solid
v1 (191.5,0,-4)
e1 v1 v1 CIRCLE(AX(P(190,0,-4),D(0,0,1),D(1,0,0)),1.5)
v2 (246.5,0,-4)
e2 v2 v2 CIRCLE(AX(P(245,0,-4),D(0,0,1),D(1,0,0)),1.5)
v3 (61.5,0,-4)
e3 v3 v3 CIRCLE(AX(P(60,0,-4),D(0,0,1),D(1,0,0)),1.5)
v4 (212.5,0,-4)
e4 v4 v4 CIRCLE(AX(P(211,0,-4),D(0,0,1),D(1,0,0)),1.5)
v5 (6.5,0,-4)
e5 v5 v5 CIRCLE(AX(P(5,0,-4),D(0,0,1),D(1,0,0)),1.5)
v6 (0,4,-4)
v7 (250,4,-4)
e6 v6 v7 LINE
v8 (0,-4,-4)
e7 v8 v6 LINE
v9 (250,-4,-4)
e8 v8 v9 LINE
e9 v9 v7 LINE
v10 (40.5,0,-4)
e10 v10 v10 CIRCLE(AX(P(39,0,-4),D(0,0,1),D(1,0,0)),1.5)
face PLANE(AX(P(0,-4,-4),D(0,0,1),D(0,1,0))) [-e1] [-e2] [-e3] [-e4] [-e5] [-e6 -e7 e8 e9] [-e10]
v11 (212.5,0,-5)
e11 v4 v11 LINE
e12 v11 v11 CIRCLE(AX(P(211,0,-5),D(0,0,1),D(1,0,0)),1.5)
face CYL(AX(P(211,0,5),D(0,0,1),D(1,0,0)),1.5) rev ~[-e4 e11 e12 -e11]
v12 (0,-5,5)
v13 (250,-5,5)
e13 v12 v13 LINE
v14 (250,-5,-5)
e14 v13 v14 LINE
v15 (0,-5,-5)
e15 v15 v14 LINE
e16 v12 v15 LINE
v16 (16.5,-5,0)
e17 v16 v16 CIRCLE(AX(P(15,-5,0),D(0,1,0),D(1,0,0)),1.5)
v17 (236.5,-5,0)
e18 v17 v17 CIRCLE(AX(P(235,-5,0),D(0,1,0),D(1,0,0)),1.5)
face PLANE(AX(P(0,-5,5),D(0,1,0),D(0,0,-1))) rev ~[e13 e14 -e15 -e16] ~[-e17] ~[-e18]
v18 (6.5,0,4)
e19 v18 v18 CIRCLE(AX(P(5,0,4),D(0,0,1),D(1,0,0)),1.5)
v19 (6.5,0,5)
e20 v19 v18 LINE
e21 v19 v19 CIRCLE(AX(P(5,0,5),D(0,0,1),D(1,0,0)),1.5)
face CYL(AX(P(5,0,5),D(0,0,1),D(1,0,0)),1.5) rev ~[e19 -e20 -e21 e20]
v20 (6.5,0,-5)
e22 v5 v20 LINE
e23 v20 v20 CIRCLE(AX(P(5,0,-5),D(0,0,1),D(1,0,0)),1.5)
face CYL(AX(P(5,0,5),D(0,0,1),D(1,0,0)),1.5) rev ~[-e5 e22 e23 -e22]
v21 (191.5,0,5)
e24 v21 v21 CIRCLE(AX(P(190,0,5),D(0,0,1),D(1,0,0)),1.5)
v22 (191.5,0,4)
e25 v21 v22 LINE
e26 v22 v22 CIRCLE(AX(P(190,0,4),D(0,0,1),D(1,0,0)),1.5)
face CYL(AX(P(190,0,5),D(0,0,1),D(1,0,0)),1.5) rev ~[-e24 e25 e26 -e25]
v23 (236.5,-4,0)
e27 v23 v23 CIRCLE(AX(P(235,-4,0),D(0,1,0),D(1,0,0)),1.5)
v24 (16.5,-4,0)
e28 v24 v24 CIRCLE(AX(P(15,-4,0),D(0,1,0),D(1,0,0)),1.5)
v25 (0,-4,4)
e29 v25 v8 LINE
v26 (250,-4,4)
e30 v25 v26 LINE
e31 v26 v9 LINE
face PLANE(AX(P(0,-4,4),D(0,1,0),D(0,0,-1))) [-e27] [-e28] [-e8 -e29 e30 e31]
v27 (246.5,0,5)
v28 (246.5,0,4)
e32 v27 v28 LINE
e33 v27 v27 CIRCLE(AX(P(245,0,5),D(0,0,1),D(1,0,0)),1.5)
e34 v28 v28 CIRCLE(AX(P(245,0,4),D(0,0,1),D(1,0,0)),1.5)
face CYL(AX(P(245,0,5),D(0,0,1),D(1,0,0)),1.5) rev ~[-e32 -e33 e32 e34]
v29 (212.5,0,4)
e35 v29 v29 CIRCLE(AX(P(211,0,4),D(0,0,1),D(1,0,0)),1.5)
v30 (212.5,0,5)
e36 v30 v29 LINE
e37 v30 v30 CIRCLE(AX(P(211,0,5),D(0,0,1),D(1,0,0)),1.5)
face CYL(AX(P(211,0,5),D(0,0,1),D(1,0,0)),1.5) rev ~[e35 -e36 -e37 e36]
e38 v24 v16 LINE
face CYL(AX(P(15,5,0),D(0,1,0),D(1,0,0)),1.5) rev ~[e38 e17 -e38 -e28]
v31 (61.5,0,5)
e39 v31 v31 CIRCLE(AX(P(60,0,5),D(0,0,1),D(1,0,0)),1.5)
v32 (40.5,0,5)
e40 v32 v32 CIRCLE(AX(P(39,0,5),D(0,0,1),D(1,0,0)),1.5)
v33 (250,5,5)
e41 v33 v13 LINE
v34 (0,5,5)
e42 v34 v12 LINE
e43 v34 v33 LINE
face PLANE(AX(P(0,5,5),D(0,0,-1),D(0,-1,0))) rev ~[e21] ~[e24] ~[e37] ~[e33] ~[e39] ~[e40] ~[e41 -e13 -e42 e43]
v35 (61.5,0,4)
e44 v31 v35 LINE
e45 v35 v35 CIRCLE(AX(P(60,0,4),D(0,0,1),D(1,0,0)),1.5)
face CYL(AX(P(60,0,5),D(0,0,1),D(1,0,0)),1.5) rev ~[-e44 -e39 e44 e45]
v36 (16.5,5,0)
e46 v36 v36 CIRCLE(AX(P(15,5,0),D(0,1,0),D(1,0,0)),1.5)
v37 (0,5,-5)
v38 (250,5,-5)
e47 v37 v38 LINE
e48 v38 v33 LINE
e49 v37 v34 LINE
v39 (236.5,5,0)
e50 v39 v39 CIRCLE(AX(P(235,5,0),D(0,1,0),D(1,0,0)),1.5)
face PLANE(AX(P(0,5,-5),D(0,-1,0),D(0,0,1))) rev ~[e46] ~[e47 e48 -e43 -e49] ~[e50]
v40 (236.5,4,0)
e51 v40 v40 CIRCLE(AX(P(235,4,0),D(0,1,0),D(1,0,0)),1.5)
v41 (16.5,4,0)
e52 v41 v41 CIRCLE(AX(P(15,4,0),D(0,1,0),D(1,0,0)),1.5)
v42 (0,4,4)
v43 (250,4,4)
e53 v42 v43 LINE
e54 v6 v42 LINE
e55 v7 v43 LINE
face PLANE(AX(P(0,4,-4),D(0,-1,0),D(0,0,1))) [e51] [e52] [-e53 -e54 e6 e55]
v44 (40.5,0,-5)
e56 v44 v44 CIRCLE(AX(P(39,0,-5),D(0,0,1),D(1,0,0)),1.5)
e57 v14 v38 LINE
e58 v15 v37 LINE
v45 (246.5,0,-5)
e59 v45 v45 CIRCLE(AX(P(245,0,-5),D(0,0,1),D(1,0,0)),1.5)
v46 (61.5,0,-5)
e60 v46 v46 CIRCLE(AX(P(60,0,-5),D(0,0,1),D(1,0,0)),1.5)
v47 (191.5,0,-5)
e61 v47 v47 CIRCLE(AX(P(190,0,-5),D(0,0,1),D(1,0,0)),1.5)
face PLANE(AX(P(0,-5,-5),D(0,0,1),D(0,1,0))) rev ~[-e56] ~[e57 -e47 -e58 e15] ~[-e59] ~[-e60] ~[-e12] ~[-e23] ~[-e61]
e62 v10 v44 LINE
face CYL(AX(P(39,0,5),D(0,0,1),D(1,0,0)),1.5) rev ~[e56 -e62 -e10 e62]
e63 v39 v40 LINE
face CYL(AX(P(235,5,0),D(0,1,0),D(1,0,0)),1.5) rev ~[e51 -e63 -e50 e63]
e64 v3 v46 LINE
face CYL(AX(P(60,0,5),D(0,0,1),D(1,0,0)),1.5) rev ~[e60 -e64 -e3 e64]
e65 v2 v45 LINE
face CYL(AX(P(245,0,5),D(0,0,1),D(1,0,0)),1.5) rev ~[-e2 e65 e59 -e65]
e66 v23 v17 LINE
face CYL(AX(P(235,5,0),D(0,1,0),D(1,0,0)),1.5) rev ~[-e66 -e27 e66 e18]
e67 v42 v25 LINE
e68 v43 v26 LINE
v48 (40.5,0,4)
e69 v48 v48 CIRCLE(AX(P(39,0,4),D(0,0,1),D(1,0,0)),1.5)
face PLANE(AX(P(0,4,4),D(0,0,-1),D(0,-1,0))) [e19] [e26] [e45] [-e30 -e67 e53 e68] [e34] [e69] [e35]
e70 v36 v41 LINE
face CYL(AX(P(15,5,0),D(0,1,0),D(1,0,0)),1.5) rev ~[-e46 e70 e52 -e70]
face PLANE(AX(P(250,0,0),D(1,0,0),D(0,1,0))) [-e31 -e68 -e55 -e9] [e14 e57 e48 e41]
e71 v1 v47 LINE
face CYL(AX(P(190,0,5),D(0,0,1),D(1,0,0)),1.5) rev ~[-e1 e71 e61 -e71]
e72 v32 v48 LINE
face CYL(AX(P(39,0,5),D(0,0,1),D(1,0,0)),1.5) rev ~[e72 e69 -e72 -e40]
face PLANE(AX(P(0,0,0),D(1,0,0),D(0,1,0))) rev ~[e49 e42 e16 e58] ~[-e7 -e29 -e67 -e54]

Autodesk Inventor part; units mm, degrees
ref_plane "YZ Plane" through (0, 0, 0) normal (1, 0, 0) x (0, 1, 0)
ref_plane "XZ Plane" through (0, 0, 0) normal (0, 1, 0) x (-1, 0, 0)
ref_plane "XY Plane" through (0, 0, 0) normal (0, 0, 1) x (1, 0, 0)
sketch "スケッチ1" plane through (0, 0, 0) normal (1, 0, 0) x (0, 1, 0)
  line L0 (5, 5) -> (-5, 5)
  line L1 (-5, 5) -> (-5, -5)
  line L2 (-5, -5) -> (5, -5)
  line L3 (5, -5) -> (5, 5)
  line L4 (4, 4) -> (-4, 4)
  line L5 (-4, 4) -> (-4, -4)
  line L6 (-4, -4) -> (4, -4)
  line L7 (4, -4) -> (4, 4)
  point P0 (0, 0)
  dimension "d0" = 1
  dimension "d1" = 1
  dimension "d2" = 1
  dimension "d3" = 1
  dimension "d4" = 10
  dimension "d5" = 10
  dimension "d6" = 5
  dimension "d7" = 5
extrude "押し出し1" add sketch "スケッチ1" along normal blind 250
sketch "スケッチ2" plane through (0, -5, 5) normal (0, 0, 1) x (1, 0, 0)
  circle A0 centre (60, 5) radius 1.5
  circle A1 centre (190, 5) radius 1.5
  line L0 (250, 10) -> (250, 0) projected
  line L1 (0, 10) -> (0, 0) projected
  line L2 (0, 0) -> (250, 0) projected
  point P0 (0, 5)
  dimension "d10" = 60
  dimension "d11" = 3
  dimension "d12" = 3
  dimension "d13" = 60
  dimension "d14" = 5
extrude "押し出し2" cut sketch "スケッチ2" against normal blind 200
sketch "スケッチ3" plane through (0, -5, 5) normal (0, 0, 1) x (1, 0, 0)
  circle A0 centre (5, 5) radius 1.5
  circle A1 centre (245, 5) radius 1.5
  line L0 (250, 10) -> (250, 0) projected
  line L1 (0, 10) -> (250, 10) projected
  line L2 (0, 10) -> (0, 0) projected
  point P0 (0, 5)
  dimension "d17" = 5
  dimension "d18" = 5
  dimension "d19" = 3
  dimension "d20" = 5
  dimension "d21" = 5
  dimension "d22" = 3
extrude "押し出し3" cut sketch "スケッチ3" against normal blind 200
sketch "スケッチ4" plane through (0, -5, 5) normal (0, 0, 1) x (1, 0, 0)
  circle A0 centre (39, 5) radius 1.5
  circle A1 centre (60, 5) radius 1.5 projected
  circle A2 centre (211, 5) radius 1.5
  circle A3 centre (190, 5) radius 1.5 projected
  point P0 (0, 5)
  dimension "d25" = 3
  dimension "d26" = 21
  dimension "d27" = 3
  dimension "d28" = 21
extrude "押し出し4" cut sketch "スケッチ4" against normal blind 200 contours A0 | A2
sketch "スケッチ5" plane through (0, 5, 5) normal (0, 1, 0) x (1, 0, 0)
  circle A0 centre (15, 5) radius 1.5
  line L0 (0, 10) -> (250, 10) projected
  line L1 (0, 10) -> (0, 0) projected
  circle A1 centre (235, 5) radius 1.5
  line L2 (250, 10) -> (250, 0) projected
  line L3 (0, 0) -> (250, 0) projected
  point P0 (0, 5)
  dimension "d31" = 3
  dimension "d32" = 5
  dimension "d33" = 15
  dimension "d34" = 15
  dimension "d35" = 5
  dimension "d36" = 3
extrude "押し出し5" cut sketch "スケッチ5" against normal blind 200 contours A0 | A1
properties part number "f&bparts" material "アルミニウム 6061"
